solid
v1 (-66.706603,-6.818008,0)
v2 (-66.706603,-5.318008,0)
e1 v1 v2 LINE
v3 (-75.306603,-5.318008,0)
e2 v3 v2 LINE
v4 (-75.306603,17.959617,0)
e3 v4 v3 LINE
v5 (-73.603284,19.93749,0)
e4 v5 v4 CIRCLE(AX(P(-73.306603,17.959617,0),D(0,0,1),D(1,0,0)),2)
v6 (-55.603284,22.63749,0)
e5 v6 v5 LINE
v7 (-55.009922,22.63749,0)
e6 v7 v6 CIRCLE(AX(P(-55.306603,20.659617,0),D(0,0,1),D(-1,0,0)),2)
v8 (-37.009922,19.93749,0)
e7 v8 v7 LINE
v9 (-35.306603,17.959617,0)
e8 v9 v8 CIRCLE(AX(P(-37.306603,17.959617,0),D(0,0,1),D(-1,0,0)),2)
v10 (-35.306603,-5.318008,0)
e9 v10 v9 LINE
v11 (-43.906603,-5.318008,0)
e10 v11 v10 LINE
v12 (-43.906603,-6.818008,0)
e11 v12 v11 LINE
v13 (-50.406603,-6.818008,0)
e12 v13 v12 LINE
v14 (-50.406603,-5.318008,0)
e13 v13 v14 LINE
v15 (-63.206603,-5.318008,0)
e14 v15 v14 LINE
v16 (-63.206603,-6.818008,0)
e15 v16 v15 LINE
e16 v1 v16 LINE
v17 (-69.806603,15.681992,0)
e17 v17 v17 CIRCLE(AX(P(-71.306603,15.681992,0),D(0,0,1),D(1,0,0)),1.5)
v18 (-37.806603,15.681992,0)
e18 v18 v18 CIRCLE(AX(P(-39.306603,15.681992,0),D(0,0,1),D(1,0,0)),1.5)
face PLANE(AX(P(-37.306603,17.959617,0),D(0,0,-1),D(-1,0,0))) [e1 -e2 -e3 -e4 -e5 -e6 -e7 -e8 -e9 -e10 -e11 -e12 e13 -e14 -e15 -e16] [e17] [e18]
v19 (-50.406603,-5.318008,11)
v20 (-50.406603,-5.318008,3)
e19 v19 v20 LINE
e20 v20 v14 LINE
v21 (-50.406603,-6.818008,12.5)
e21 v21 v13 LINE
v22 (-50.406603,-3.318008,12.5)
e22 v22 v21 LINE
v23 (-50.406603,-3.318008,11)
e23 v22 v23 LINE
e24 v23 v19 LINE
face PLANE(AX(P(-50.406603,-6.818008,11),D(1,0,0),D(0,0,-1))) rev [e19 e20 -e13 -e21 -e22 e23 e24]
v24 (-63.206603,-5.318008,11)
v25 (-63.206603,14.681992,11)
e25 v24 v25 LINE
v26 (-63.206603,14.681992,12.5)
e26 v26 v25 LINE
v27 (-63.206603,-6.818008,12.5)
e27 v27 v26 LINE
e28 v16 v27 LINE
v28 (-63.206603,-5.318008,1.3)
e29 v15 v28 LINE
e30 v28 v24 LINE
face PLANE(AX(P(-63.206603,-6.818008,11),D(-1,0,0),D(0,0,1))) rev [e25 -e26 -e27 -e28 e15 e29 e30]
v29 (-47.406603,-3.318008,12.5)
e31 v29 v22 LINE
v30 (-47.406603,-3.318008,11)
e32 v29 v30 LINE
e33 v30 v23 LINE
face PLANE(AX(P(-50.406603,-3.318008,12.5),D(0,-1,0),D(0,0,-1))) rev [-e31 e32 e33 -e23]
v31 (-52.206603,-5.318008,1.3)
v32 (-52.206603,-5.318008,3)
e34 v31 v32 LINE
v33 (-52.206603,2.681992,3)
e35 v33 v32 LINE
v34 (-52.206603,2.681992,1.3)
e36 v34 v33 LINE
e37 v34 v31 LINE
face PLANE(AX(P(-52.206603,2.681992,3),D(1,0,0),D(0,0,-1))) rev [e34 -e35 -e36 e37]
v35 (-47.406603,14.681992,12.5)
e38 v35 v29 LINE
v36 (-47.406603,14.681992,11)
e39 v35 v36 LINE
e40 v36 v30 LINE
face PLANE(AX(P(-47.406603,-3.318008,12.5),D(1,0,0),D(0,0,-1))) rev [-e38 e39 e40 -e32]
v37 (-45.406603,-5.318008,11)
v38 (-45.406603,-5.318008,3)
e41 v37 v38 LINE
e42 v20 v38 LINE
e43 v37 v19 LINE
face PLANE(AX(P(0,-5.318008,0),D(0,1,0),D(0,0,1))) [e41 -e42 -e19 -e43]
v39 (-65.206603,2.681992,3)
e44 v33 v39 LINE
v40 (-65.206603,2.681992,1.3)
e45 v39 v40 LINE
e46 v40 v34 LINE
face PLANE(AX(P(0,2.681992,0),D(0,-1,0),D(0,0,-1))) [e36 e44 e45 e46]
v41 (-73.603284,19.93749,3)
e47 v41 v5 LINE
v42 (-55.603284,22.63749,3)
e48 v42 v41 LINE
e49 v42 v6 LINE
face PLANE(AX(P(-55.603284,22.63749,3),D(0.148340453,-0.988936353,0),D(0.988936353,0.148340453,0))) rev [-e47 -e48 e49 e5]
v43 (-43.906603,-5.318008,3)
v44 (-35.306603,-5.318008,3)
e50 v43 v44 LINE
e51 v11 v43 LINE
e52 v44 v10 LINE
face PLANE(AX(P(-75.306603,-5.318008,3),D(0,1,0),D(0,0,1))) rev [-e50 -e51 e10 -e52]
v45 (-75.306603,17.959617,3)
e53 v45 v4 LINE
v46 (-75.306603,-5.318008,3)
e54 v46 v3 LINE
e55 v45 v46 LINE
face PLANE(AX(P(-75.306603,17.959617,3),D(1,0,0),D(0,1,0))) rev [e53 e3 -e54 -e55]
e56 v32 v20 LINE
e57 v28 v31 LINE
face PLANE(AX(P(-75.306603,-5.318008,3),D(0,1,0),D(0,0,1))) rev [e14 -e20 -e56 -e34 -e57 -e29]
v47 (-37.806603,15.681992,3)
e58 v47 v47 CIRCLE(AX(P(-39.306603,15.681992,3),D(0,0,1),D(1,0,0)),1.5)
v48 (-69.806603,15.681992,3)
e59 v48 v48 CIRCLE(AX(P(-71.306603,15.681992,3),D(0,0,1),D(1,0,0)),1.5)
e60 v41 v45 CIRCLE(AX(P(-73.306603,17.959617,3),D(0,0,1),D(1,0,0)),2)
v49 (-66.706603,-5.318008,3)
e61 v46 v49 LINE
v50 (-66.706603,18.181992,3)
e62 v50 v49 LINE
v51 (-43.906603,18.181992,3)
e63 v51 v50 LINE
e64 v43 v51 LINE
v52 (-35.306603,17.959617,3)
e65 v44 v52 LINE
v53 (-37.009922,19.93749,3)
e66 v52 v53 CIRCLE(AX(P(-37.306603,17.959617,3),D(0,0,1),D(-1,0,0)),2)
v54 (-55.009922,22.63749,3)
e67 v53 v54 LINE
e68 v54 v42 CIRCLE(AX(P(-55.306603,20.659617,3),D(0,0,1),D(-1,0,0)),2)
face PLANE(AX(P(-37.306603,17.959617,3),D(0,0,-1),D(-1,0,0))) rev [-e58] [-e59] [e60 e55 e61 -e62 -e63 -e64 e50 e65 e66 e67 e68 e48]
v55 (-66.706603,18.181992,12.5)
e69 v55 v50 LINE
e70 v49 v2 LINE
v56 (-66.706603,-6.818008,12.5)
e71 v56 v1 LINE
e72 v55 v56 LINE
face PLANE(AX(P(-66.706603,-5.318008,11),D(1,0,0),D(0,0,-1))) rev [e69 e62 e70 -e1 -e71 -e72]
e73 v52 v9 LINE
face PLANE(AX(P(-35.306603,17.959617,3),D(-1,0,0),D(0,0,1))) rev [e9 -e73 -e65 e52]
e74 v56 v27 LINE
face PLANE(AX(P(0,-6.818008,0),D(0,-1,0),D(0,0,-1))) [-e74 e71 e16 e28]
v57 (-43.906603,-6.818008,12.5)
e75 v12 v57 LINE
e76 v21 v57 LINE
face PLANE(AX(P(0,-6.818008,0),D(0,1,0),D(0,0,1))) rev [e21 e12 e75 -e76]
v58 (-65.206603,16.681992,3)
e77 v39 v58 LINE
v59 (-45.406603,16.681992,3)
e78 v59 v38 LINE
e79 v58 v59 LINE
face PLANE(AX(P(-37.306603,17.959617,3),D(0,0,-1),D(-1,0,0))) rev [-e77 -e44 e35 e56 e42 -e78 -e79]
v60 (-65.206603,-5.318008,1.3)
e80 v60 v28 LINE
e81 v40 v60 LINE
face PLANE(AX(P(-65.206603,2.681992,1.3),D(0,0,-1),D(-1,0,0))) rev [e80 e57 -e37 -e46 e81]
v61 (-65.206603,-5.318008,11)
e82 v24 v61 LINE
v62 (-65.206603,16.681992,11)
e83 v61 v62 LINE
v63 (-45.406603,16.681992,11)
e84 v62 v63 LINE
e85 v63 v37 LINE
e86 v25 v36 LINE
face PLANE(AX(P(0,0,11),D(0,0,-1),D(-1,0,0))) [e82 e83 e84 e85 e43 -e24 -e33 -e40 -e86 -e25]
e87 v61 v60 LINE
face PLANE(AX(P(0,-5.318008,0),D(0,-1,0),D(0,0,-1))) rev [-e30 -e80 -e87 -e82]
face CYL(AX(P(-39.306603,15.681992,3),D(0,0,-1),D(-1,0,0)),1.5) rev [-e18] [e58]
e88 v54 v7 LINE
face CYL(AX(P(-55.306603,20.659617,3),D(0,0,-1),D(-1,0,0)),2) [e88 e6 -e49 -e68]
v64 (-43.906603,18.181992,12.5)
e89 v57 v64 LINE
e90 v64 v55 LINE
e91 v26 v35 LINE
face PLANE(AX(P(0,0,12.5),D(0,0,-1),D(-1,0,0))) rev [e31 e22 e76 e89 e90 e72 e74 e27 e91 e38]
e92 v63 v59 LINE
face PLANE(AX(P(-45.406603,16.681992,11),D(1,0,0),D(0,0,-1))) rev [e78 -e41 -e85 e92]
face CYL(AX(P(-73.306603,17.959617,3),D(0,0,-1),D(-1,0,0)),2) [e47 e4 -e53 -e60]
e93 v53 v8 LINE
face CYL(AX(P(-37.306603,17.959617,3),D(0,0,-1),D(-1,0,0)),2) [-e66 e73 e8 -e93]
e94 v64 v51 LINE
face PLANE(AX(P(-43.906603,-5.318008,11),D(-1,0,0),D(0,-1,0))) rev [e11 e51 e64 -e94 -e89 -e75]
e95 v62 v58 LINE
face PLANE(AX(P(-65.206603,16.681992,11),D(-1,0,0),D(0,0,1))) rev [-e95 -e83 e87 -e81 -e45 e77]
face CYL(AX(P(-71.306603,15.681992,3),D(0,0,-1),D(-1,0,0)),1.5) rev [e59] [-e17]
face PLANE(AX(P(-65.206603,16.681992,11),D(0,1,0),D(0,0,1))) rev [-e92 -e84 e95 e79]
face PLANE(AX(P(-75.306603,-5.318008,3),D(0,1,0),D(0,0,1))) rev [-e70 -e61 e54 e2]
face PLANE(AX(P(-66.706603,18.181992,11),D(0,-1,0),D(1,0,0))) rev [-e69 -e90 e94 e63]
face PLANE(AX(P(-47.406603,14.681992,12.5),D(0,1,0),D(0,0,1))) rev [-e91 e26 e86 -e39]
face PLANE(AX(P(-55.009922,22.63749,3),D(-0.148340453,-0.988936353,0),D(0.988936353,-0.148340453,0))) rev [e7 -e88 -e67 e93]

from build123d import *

# Parameters (mm, degrees)
CROQUIS1_R              = 1.5
SALIENTE_EXTRUIR1_DEPTH = 3
SALIENTE_EXTRUIR2_DEPTH = 8
CROQUIS3_W              = 13
CROQUIS3_H              = 1.7
CORTAR_EXTRUIR1_DEPTH   = 8
CROQUIS5_W              = 3.5
CROQUIS5_H              = 11
CROQUIS5_W_2            = 6.5
SALIENTE_EXTRUIR3_DEPTH = 1.5
SALIENTE_EXTRUIR4_DEPTH = 1.5


with BuildPart() as part:
    # Croquis1 → Saliente-Extruir1 (new body)
    with BuildSketch(Plane.XY):
        with BuildLine():
            Line((-55.603283504, 22.637490201), (-73.603283504, 19.937490201))
            ThreePointArc((-73.603283504, 19.937490201), (-74.822083019, 19.26473017), (-75.306602598, 17.959617496))
            Line((-75.306602598, 17.959617496), (-75.306602598, -5.318007663))
            Line((-75.306602598, -5.318007663), (-35.306602598, -5.318007663))
            Line((-35.306602598, -5.318007663), (-35.306602598, 17.959617496))
            ThreePointArc((-35.306602598, 17.959617496), (-35.791122177, 19.26473017), (-37.009921692, 19.937490201))
            Line((-37.009921692, 19.937490201), (-55.009921692, 22.637490201))
            ThreePointArc((-55.009921692, 22.637490201), (-55.306602598, 22.659617496), (-55.603283504, 22.637490201))
        make_face()
        with Locations((-71.306602598, 15.681992337)):
            Circle(CROQUIS1_R, mode=Mode.SUBTRACT)
        with Locations((-39.306602598, 15.681992337)):
            Circle(CROQUIS1_R, mode=Mode.SUBTRACT)
    extrude(amount=SALIENTE_EXTRUIR1_DEPTH)

    # Croquis2 → Saliente-Extruir2 (add)
    with BuildSketch(Plane.XY.offset(3)):
        Polygon((-66.706602598, -5.318007663), (-65.206602598, -5.318007663), (-65.206602598, 16.681992337), (-45.406602598, 16.681992337), (-45.406602598, -5.318007663), (-43.906602598, -5.318007663), (-43.906602598, 18.181992337), (-66.706602598, 18.181992337), align=None)
    extrude(amount=SALIENTE_EXTRUIR2_DEPTH)

    # Croquis3 → Cortar-Extruir1 (cut)
    with BuildSketch(Plane.XZ.offset(5.318007663)):
        with Locations((-58.706602598, 2.15)):
            Rectangle(CROQUIS3_W, CROQUIS3_H)
    extrude(amount=-CORTAR_EXTRUIR1_DEPTH, mode=Mode.SUBTRACT)

    # Croquis5 → Saliente-Extruir3 (add)
    with BuildSketch(Plane.XZ.offset(5.318007663)):
        with Locations((-64.956602598, 5.5)):
            Rectangle(CROQUIS5_W, CROQUIS5_H)
        with Locations((-47.156602598, 5.5)):
            Rectangle(CROQUIS5_W_2, CROQUIS5_H)
    extrude(amount=SALIENTE_EXTRUIR3_DEPTH)

    # Croquis6 → Saliente-Extruir4 (add)
    with BuildSketch(Plane.XY.offset(11)):
        Polygon((-63.206602598, -5.318007663), (-63.206602598, -6.818007663), (-66.706602598, -6.818007663), (-66.706602598, 18.181992337), (-43.906602598, 18.181992337), (-43.906602598, -6.818007663), (-50.406602598, -6.818007663), (-50.406602598, -3.318007663), (-47.406602598, -3.318007663), (-47.406602598, 14.681992337), (-63.206602598, 14.681992337), align=None)
    extrude(amount=SALIENTE_EXTRUIR4_DEPTH)


solid = part.part
